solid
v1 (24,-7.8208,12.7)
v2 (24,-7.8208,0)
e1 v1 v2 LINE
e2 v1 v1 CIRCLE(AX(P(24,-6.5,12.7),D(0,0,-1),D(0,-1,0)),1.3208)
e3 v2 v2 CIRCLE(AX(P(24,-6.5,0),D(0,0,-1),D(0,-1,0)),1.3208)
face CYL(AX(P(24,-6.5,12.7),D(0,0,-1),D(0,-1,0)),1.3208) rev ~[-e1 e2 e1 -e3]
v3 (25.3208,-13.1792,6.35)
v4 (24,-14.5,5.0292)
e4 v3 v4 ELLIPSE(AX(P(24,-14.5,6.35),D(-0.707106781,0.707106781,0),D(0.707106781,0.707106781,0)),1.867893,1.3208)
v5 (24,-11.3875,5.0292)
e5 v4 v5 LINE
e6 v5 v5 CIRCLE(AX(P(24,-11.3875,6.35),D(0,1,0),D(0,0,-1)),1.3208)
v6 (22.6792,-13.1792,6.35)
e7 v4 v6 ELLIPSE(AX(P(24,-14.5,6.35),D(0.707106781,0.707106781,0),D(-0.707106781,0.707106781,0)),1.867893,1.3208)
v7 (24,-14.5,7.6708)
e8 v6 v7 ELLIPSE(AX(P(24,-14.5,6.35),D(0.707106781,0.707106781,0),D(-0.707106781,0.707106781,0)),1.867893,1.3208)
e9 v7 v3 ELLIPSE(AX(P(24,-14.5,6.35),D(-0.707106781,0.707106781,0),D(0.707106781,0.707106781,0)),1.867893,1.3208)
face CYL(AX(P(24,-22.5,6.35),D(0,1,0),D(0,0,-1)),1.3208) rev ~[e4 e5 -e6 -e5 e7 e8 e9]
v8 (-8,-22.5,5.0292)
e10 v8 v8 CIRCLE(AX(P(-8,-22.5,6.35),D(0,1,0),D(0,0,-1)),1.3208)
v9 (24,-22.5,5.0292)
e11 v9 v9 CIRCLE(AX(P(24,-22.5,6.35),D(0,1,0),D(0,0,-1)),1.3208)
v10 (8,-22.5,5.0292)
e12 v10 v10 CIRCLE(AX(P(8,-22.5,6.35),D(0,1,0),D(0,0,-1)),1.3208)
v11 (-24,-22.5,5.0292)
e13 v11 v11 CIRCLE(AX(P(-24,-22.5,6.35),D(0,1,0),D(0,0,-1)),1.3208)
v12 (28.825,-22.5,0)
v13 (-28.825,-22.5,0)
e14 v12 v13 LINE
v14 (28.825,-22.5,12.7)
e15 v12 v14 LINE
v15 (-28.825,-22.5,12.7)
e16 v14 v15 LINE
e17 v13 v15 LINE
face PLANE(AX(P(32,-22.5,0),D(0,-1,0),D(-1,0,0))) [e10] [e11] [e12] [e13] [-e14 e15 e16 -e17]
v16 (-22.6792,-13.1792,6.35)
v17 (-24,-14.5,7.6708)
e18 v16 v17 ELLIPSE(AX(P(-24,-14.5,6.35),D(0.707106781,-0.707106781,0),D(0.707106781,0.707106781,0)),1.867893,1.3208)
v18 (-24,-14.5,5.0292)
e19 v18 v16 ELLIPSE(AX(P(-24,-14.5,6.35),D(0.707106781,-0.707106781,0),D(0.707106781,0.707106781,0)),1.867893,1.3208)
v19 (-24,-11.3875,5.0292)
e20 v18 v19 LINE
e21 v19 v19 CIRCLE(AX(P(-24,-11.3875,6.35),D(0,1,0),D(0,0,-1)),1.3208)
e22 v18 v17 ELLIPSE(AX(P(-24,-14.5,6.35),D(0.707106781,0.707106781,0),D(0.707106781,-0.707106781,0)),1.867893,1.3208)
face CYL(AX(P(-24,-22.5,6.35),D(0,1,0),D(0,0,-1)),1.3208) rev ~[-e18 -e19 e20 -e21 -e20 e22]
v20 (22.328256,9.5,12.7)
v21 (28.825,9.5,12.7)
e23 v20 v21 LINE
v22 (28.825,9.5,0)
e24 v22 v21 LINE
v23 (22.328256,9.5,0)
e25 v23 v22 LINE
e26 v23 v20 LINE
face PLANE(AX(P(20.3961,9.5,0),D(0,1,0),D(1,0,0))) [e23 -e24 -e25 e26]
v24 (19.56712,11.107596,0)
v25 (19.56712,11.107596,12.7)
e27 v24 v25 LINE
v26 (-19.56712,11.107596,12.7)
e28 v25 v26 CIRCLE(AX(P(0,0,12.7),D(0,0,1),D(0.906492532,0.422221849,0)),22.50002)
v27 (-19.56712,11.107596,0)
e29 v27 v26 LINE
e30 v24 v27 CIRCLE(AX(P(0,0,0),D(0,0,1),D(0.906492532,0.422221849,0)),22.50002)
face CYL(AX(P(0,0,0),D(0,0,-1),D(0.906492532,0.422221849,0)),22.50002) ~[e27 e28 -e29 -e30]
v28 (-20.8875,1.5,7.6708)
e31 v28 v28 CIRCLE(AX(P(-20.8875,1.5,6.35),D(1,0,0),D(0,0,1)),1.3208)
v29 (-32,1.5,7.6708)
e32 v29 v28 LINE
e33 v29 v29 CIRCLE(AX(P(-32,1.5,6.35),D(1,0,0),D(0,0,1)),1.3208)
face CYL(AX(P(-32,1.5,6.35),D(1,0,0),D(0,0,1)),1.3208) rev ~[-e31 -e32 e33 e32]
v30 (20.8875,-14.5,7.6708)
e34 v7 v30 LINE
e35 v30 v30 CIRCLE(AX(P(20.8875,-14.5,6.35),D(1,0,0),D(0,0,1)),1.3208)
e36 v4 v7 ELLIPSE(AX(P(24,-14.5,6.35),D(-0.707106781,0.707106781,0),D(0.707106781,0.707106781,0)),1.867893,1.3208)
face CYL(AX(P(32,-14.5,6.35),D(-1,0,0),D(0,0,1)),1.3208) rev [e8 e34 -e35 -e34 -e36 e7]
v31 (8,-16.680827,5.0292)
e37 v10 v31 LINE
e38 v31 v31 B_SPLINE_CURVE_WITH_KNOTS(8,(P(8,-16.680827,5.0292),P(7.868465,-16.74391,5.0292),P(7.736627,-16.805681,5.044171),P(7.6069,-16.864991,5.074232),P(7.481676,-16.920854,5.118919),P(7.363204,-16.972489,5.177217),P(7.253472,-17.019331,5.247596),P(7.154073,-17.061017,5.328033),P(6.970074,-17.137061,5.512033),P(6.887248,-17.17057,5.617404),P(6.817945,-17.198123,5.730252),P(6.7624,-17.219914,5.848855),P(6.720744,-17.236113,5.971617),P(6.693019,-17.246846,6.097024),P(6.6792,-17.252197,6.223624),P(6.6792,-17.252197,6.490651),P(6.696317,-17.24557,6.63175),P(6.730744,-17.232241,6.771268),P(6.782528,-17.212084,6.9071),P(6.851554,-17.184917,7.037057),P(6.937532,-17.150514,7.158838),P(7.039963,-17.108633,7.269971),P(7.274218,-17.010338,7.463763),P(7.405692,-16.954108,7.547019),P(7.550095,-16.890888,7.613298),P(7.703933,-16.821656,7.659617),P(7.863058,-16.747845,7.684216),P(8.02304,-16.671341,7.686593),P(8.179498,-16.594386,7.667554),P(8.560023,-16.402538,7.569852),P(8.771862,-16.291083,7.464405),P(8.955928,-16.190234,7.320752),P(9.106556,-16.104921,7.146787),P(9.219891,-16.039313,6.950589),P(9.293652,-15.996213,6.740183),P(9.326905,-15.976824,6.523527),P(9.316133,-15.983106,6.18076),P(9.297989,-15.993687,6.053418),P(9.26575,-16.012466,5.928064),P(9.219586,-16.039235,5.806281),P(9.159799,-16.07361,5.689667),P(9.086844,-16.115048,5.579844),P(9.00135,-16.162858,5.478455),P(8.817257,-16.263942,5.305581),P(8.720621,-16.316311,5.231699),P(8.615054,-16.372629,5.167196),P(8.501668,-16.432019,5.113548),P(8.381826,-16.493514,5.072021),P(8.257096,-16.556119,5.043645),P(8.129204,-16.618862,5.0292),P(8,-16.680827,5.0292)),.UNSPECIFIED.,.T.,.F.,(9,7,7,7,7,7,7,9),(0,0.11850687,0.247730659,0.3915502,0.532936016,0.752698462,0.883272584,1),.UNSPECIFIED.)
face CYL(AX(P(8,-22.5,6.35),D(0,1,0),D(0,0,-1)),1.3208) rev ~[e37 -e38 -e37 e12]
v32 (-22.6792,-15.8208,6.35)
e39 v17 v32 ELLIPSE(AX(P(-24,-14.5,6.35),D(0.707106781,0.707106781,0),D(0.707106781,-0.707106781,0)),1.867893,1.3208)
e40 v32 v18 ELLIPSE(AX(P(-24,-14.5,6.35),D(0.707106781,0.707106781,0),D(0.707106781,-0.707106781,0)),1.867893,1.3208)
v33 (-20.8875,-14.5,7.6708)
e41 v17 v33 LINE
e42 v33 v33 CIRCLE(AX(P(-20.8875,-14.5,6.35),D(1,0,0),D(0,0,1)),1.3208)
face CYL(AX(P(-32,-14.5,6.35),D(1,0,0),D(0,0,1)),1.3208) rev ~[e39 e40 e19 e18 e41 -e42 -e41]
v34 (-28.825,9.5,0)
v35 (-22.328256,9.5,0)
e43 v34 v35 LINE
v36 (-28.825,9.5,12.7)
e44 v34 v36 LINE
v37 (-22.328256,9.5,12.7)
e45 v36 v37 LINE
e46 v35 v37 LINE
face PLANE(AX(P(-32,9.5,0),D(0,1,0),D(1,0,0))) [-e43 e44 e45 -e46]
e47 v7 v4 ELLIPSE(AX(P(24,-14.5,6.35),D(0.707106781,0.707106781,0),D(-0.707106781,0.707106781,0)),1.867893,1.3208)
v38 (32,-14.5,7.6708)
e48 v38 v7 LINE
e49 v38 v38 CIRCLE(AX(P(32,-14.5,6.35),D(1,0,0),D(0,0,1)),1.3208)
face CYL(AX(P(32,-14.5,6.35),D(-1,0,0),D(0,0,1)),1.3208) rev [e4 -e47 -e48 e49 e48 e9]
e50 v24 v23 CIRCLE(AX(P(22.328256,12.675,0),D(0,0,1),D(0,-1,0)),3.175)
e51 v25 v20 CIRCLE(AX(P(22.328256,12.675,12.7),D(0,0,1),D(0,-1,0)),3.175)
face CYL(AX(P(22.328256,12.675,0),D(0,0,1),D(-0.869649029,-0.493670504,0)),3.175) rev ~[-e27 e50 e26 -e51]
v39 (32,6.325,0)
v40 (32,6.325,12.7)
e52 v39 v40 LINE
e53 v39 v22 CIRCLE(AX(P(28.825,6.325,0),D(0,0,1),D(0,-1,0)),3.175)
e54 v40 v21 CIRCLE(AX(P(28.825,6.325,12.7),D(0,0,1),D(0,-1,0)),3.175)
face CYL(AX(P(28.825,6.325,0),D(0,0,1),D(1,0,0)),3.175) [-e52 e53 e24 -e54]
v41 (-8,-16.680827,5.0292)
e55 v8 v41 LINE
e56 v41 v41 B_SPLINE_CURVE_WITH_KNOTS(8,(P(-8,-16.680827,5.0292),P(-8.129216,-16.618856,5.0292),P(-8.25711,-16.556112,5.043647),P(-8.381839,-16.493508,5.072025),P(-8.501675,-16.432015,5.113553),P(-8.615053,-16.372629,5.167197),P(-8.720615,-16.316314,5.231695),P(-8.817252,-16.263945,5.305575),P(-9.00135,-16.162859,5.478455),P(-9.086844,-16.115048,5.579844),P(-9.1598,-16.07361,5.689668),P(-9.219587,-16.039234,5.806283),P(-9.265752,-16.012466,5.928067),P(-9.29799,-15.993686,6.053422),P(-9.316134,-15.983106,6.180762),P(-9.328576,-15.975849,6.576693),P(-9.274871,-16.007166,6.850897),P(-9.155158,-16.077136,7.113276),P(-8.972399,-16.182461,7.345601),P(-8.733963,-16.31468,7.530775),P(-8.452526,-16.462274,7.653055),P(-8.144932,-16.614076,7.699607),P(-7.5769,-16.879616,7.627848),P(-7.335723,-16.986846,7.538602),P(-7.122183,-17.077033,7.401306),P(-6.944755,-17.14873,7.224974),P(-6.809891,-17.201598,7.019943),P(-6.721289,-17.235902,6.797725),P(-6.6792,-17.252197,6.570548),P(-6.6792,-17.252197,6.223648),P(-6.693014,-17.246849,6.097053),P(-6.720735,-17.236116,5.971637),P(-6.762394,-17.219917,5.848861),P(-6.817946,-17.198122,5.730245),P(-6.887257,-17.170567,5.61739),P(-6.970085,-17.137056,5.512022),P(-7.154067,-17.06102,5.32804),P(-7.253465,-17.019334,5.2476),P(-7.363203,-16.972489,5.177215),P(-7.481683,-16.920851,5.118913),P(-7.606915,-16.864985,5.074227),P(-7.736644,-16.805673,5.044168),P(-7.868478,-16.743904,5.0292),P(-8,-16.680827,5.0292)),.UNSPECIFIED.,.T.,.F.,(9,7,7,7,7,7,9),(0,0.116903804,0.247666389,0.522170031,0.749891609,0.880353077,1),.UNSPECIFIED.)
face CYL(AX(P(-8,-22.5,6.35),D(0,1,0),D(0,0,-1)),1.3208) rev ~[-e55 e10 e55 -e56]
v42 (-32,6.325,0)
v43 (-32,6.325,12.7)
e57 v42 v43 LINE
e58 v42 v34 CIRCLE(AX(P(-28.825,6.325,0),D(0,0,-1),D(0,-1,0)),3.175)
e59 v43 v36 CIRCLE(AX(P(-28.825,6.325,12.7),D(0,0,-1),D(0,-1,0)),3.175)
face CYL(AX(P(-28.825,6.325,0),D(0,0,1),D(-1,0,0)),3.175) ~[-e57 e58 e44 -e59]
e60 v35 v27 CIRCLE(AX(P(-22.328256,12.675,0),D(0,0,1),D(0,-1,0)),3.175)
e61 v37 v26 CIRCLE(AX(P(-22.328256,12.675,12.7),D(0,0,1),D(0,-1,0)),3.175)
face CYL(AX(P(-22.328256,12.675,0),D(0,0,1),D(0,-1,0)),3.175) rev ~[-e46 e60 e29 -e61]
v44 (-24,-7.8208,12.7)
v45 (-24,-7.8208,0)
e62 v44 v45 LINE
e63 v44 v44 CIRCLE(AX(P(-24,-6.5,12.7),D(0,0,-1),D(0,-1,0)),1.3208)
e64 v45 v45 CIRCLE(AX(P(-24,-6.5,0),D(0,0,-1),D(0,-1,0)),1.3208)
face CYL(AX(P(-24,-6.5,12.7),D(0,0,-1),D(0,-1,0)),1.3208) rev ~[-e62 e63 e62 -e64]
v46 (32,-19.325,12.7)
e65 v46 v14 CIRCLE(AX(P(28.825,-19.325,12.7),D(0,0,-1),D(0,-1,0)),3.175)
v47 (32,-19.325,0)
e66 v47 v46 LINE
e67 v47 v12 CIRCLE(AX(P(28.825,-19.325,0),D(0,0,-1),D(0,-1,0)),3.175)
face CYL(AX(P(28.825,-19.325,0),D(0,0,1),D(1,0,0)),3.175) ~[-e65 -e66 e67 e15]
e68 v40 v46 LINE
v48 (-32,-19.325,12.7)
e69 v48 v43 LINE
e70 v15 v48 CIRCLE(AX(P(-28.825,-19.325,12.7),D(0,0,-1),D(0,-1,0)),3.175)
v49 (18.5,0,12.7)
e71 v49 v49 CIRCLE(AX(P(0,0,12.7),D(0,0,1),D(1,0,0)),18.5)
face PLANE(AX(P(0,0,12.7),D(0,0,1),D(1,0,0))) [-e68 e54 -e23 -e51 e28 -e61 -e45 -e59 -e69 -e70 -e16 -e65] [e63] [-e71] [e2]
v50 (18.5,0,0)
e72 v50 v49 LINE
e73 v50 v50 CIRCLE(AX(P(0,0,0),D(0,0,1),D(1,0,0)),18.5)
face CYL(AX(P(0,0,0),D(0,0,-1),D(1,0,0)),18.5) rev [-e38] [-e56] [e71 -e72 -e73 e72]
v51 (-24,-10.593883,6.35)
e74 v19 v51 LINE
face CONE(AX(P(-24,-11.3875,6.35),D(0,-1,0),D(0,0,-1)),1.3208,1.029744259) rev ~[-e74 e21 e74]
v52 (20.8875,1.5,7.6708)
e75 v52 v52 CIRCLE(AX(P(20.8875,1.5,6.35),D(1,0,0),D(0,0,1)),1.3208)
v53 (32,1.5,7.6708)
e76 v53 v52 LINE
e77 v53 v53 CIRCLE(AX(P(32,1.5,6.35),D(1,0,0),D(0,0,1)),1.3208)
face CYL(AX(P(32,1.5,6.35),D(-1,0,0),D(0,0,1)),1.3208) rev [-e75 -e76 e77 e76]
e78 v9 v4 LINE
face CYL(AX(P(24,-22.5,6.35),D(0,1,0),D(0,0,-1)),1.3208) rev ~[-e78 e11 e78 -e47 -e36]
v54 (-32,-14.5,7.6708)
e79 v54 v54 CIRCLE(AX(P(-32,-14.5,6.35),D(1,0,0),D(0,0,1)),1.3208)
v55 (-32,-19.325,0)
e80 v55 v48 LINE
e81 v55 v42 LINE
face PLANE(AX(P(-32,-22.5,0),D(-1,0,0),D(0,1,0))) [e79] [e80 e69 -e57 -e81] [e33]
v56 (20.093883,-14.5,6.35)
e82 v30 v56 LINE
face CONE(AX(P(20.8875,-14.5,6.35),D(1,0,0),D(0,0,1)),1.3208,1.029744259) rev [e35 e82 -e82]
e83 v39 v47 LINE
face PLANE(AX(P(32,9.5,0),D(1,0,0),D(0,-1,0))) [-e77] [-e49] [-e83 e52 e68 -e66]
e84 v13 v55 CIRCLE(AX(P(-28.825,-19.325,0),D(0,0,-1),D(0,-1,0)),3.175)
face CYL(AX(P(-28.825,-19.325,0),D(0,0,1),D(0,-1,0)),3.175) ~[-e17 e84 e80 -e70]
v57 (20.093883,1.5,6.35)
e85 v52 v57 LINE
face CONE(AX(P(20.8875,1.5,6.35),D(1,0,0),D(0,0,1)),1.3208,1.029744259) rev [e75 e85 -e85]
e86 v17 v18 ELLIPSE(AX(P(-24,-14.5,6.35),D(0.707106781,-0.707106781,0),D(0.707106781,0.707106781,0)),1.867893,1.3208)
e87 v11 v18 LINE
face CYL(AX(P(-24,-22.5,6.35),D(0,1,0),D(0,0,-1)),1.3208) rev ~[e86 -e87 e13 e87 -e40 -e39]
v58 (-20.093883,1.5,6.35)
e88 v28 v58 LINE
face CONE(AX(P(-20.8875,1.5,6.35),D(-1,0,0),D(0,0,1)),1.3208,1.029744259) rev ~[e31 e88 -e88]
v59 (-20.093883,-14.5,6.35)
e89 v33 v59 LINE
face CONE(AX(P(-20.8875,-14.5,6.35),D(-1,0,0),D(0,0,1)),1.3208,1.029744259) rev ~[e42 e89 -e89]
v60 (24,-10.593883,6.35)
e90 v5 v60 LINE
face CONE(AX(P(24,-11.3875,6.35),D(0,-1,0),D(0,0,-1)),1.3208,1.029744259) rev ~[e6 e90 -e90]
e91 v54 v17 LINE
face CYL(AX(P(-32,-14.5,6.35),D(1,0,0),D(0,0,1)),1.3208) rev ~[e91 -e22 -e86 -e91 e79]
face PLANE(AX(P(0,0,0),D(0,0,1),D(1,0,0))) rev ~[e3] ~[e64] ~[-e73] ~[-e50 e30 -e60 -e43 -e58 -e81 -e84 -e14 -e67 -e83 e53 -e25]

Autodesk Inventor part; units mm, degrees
ref_plane "YZ Plane" through (0, 0, 0) normal (1, 0, 0) x (0, 1, 0)
ref_plane "XZ Plane" through (0, 0, 0) normal (0, 1, 0) x (-1, 0, 0)
ref_plane "XY Plane" through (0, 0, 0) normal (0, 0, 1) x (1, 0, 0)
sketch "Sketch1" plane through (0, 0, 0) normal (0, 0, 1) x (1, 0, 0)
  circle A0 centre (0, 0) radius 18.5
  line L0 (32, 9.5) -> (32, -22.5)
  line L1 (32, -22.5) -> (-32, -22.5)
  line L2 (-32, -22.5) -> (-32, 9.5)
  arc A1 (20.3961, 9.5) -> (-20.3961, 9.5) centre (0, 0) ccw
  line L3 (-32, 9.5) -> (-20.3961, 9.5)
  line L4 (20.3961, 9.5) -> (32, 9.5)
  point P0 (0, -22.5)
  dimension "d0" = 37
  dimension "d1" = 22.5
  dimension "d2" = 64
  dimension "d3" = 22.5
  dimension "d4" = 32
extrude "Extrusion1" add sketch "Sketch1" along normal blind 12.7
fillet "Fillet1" radius 3.175 6 edges at (32, 9.5, 6.35) (20.3961, 9.5, 6.35) (-20.3961, 9.5, 6.35) (-32, 9.5, 6.35) (-32, -22.5, 6.35) (32, -22.5, 6.35)
sketch "Sketch2" plane through (-32, -19.325, 0) normal (-1, 0, 0) x (0, 0, 1)
  line L0 (12.7, -3.175) -> (0, -3.175) projected
  line L1 (0, -3.175) -> (12.7, -3.175) projected
  point P0 (0, 19.325)
  point P1 (6.35, 20.825)
  point P2 (6.35, 4.825)
  point P3 (6.35, 0)
  dimension "d8" = 16
  dimension "d11" = 8
hole "Hole1" at (-32, 1.5, 6.35) at (-32, -14.5, 6.35) direction (1, 0, 0) diameter 2.6416 depth 11.1125 tip angle 118 thread size "6-32 UNC" class "2B" standard "ANSI Unified Screw Threads"
sketch "Sketch4" plane through (-28.825, -22.5, 0) normal (0, -1, 0) x (1, 0, 0)
  line L0 (-3.175, 5.0292) -> (-3.175, 7.6708) projected
  line L1 (-3.175, 5.0292) -> (-3.175, 7.6708) projected
  line L2 (-3.175, 12.7) -> (-3.175, 0) projected
  line L3 (-3.175, 0) -> (-3.175, 12.7) projected
  circle A0 centre (28.825, 6.35) radius 8 construction
  point P0 (20.825, 6.35)
  point P1 (36.825, 6.35)
  point P2 (-3.175, 6.35)
  point P3 (-3.175, 6.35)
  point P4 (-3.175, 6.35)
  point P5 (4.825, 6.35)
  point P6 (52.825, 6.35)
  point P7 (-3.175, 6.35)
  dimension "d24" = 16
  dimension "d19" = 16
  dimension "d23" = 32
  dimension "d43" = 16
  dimension "d44" = 16
hole "Hole2" at (-8, -22.5, 6.35) at (8, -22.5, 6.35) at (24, -22.5, 6.35) at (-24, -22.5, 6.35) direction (0, 1, 0) diameter 2.6416 depth 11.1125 tip angle 118 thread size "6-32 UNC" class "2B" standard "ANSI Unified Screw Threads"
mirror "Mirror1" about plane through (0, 0, 0) normal (1, 0, 0) of "Hole1"
sketch "Sketch5" plane through (0, 0, 12.7) normal (0, 0, 1) x (1, 0, 0)
  arc A0 (19.5671, 11.1076) -> (-19.5671, 11.1076) centre (0, 0) ccw projected
  line L0 (-28.825, -22.5) -> (28.825, -22.5) projected
  point P0 (-24, -6.5)
  point P1 (24, -6.5)
  dimension "d32" = 48
  dimension "d34" = 24
  dimension "d35" = 16
hole "Hole3" at (-24, -6.5, 12.7) at (24, -6.5, 12.7) direction (0, 0, -1) diameter 2.6416 end through all thread size "6-32 UNC" class "2B" standard "ANSI Unified Screw Threads"
equation "\"d34\" = 0.5 * d32"
properties part number "Motor Mount New - Estimated Dimensions" material "Aluminum 6061"
